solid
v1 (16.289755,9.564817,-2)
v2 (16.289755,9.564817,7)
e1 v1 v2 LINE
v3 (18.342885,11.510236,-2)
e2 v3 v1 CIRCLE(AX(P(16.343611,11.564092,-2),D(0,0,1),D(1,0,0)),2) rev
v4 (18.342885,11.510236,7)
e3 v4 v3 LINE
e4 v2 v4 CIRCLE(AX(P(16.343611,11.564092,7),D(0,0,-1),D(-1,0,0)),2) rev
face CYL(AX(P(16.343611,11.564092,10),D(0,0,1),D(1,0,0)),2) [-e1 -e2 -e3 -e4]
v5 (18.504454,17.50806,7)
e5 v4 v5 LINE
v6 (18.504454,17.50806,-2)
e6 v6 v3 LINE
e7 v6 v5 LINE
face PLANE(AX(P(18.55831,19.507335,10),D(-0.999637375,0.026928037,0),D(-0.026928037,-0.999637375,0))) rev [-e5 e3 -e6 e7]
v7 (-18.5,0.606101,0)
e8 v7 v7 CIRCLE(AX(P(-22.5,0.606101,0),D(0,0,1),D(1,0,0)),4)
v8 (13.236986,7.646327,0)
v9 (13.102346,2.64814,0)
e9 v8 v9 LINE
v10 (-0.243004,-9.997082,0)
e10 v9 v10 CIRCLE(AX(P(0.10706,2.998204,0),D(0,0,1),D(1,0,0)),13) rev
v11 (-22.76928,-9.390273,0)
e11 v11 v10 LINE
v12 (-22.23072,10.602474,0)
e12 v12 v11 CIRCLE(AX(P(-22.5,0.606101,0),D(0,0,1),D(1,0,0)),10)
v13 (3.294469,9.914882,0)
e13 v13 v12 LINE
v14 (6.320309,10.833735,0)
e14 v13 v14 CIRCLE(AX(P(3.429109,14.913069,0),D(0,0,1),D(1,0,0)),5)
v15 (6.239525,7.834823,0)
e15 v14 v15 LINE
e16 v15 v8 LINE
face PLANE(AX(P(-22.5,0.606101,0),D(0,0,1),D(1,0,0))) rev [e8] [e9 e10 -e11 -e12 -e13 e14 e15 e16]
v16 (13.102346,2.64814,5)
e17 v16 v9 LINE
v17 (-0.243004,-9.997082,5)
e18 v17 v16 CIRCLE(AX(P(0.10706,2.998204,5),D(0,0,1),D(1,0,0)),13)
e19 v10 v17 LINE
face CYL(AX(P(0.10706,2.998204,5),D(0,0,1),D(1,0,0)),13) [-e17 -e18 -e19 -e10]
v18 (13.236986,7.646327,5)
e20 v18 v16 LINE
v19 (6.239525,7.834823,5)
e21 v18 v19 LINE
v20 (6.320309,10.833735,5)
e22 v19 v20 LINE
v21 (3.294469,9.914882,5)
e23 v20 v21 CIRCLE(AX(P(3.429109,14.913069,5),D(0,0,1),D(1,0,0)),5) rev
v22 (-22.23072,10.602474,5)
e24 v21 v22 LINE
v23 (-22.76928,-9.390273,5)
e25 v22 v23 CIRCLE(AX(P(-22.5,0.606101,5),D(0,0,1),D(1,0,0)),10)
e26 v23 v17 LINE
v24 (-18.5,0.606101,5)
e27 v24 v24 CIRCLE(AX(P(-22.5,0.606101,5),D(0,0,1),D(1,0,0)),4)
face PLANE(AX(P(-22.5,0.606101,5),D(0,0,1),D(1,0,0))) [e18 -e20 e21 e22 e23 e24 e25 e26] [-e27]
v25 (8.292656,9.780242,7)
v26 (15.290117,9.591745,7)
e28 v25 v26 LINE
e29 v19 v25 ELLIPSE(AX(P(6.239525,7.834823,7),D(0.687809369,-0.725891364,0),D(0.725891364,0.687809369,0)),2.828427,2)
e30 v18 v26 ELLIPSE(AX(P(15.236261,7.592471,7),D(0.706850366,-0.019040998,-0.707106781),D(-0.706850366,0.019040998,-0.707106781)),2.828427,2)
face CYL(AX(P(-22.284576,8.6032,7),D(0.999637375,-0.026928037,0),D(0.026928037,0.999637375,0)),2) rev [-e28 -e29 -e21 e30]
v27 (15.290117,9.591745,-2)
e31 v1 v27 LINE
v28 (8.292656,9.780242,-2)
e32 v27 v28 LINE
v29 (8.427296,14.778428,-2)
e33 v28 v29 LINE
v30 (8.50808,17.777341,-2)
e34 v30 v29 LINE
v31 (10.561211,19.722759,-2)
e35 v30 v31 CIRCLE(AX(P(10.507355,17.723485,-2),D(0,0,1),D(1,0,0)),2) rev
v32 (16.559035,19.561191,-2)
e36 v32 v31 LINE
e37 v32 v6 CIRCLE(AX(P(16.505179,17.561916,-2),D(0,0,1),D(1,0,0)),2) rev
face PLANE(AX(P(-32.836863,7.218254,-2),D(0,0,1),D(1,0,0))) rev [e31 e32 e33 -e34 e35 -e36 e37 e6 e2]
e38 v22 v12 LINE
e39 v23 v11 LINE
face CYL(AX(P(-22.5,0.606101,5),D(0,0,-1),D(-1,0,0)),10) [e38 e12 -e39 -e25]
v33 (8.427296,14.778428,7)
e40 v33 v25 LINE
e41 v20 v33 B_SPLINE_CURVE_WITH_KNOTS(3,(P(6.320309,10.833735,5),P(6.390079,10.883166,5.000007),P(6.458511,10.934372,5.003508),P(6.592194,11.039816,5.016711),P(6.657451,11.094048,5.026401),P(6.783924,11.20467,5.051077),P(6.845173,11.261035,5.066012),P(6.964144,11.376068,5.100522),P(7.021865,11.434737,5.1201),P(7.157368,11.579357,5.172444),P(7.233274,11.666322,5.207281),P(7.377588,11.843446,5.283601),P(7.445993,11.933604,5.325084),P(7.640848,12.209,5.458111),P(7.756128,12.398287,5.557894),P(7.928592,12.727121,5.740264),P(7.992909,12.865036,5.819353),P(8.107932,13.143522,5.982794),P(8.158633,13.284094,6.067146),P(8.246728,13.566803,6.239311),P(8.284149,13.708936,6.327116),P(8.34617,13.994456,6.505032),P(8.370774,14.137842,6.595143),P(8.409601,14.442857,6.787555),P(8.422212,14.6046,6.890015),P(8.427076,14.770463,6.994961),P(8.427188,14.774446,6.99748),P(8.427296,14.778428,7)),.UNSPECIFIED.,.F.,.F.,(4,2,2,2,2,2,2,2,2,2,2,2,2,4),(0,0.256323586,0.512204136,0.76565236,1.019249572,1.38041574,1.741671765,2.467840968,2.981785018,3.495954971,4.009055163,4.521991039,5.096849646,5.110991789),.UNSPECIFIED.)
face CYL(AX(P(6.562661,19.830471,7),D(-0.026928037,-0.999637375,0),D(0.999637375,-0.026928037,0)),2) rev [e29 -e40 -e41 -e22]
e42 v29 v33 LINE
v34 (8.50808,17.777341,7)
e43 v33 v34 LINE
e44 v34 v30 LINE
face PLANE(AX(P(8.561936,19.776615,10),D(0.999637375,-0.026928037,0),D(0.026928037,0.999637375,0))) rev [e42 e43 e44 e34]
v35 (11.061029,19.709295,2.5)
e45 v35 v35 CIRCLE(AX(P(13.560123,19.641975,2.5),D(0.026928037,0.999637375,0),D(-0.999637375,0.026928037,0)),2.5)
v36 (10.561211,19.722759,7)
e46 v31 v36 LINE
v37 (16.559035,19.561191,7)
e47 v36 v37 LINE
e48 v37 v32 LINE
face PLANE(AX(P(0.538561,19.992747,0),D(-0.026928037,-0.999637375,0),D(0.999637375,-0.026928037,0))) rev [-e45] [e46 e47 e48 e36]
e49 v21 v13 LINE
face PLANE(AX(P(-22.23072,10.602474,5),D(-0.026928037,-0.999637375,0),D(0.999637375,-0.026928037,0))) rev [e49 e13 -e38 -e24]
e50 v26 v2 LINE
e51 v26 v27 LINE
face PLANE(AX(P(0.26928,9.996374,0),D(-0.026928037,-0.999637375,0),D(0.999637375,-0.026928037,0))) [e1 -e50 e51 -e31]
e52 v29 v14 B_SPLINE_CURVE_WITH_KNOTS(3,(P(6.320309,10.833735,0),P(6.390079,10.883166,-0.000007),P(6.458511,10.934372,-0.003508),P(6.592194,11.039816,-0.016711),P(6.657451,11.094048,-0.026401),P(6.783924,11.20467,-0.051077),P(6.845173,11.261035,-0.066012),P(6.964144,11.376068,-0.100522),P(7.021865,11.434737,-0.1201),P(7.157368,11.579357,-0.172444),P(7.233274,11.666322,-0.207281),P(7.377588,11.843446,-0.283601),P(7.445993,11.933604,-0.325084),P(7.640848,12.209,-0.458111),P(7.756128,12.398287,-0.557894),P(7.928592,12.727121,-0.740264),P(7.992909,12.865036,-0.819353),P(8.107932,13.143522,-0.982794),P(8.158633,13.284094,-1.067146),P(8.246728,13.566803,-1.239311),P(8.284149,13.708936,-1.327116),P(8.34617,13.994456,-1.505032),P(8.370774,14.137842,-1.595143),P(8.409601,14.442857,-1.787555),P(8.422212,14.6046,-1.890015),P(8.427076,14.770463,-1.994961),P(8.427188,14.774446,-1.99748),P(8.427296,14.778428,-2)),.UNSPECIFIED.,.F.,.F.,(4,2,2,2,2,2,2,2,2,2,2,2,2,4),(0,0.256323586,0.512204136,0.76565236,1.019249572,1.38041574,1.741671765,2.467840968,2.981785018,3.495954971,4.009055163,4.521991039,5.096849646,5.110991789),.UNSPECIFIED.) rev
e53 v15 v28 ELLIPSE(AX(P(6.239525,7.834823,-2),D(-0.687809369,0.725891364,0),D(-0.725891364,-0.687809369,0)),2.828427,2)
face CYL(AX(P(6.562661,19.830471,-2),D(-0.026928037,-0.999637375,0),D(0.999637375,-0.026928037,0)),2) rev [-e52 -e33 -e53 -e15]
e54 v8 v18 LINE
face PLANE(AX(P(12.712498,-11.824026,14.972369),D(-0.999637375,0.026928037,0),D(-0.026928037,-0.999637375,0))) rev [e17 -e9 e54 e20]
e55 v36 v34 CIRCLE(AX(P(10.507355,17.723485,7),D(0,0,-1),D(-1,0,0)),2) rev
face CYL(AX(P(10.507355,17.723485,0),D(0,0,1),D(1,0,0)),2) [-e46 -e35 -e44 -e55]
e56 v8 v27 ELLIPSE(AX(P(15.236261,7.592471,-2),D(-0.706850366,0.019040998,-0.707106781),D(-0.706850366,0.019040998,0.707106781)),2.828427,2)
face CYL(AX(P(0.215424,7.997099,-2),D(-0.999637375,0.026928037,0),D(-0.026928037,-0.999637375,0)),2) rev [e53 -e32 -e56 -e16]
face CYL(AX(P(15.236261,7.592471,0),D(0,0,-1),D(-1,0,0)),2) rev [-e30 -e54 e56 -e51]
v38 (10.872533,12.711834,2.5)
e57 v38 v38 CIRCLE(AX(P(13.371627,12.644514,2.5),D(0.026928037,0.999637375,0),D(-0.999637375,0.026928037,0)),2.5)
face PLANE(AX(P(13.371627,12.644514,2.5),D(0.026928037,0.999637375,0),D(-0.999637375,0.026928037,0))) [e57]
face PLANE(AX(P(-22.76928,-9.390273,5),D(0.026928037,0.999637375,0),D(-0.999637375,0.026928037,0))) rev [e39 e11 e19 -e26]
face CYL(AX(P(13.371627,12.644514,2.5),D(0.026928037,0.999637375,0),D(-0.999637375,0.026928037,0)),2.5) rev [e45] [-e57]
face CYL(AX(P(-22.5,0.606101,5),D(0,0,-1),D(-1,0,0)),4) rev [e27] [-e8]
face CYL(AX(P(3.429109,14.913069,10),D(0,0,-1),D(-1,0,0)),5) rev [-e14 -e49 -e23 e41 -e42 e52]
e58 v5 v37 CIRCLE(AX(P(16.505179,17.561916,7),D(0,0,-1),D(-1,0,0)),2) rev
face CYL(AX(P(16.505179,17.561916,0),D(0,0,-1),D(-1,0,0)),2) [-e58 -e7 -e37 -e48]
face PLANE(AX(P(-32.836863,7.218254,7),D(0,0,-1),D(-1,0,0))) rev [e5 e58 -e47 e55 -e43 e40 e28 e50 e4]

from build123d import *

# Parameters (mm, degrees)
SKETCH1_R           = 4
BOSS_EXTRUDE1_DEPTH = 5
SKETCH2_W           = 29.745771512
SKETCH2_H           = 31.069071225
CUT_EXTRUDE1_DEPTH  = 22.477415783
SKETCH3_W           = 10
SKETCH3_H           = 15
BOSS_EXTRUDE2_DEPTH = 10
FILLET1_R           = 13
FILLET2_R           = 5
FILLET3_R           = 2
FILLET4_R           = 2
SKETCH4_R           = 2.5
CUT_EXTRUDE2_DEPTH  = 7
SKETCH6_W           = 5.480044722
SKETCH6_H           = 16.421651107
CUT_EXTRUDE3_DEPTH  = 52.045615162


with BuildPart() as part:
    # Sketch1 → Boss-Extrude1 (new body)
    with BuildSketch(Plane.XY):
        with BuildLine():
            Line((-22.23071963, 10.602474367), (22.76928037, 9.390273126))
            ThreePointArc((22.76928037, 9.390273126), (32.496373747, -0.875380991), (22.23071963, -10.602474367))
            Line((22.23071963, -10.602474367), (-22.76928037, -9.390273126))
            ThreePointArc((-22.76928037, -9.390273126), (-32.496373747, 0.875380991), (-22.23071963, 10.602474367))
        make_face()
        with Locations((22.5, -0.606100621)):
            Circle(SKETCH1_R, mode=Mode.SUBTRACT)
        with Locations((-22.5, 0.606100621)):
            Circle(SKETCH1_R, mode=Mode.SUBTRACT)
    extrude(amount=BOSS_EXTRUDE1_DEPTH)

    # Sketch2 → Cut-Extrude1 (cut, through all)
    with BuildSketch(Plane(origin=(0.26928037, 9.996373747, 0), x_dir=(0.999637375, -0.026928037, 0), z_dir=(0.026928037, 0.999637375, 0))):
        with Locations((27.899171519, 0.562166988)):
            Rectangle(SKETCH2_W, SKETCH2_H)
    extrude(amount=-CUT_EXTRUDE1_DEPTH, mode=Mode.SUBTRACT)

    # Sketch3 → Boss-Extrude2 (add)
    with BuildSketch(Plane(origin=(0.26928037, 9.996373747, 0), x_dir=(0.999637375, -0.026928037, 0), z_dir=(0.026928037, 0.999637375, 0))):
        with Locations((13.026285763, -2.5)):
            Rectangle(SKETCH3_W, SKETCH3_H)
    extrude(amount=BOSS_EXTRUDE2_DEPTH)

    # Fillet1
    fillet1_edges = [part.edges().sort_by_distance(p)[0] for p in [
        (12.752281732, -10.347146052, 2.5),
    ]]
    fillet(fillet1_edges, radius=FILLET1_R)

    # Fillet2
    fillet2_edges = [part.edges().sort_by_distance(p)[0] for p in [
        (8.292655599, 9.780241626, 2.5),
    ]]
    fillet(fillet2_edges, radius=FILLET2_R)

    # Fillet3
    fillet3_edges = [part.edges().sort_by_distance(p)[0] for p in [
        (10.791749036, 9.712921534, 0),
        (10.791749036, 9.712921534, 5),
        (13.290842472, 9.645601441, 2.5),
        (8.359975692, 12.279335063, 0),
        (8.359975692, 12.279335063, 5),
    ]]
    fillet(fillet3_edges, radius=FILLET3_R)

    # Fillet4
    fillet4_edges = [part.edges().sort_by_distance(p)[0] for p in [
        (8.427295784, 14.7784285, -5),
        (8.427295784, 14.7784285, 10),
        (18.289029346, 9.510961256, 2.5),
        (18.423669531, 14.509148129, 10),
        (18.423669531, 14.509148129, -5),
        (8.561935969, 19.776615373, 2.5),
        (13.560122843, 19.641975188, 10),
        (18.558309716, 19.507335003, 2.5),
        (13.560122843, 19.641975188, -5),
    ]]
    fillet(fillet4_edges, radius=FILLET4_R)

    # Sketch4 → Cut-Extrude2 (cut)
    with BuildSketch(Plane(origin=(0.538560741, 19.992747493, 0), x_dir=(0.999637375, -0.026928037, 0), z_dir=(0.026928037, 0.999637375, 0))):
        with Locations((13.026285763, -2.5)):
            Circle(SKETCH4_R)
    extrude(amount=-CUT_EXTRUDE2_DEPTH, mode=Mode.SUBTRACT)

    # Sketch6 → Cut-Extrude3 (cut, through all)
    with BuildSketch(Plane(origin=(18.019748975, -0.485412491, 0), x_dir=(0, 0, -1), z_dir=(0.999637375, -0.026928037, 0))):
        with Locations((4.740022361, 14.542229601)):
            Rectangle(SKETCH6_W, SKETCH6_H)
        with Locations((-9.740022361, 14.542229601)):
            Rectangle(SKETCH6_W, SKETCH6_H)
    extrude(amount=-CUT_EXTRUDE3_DEPTH, mode=Mode.SUBTRACT)


solid = part.part
